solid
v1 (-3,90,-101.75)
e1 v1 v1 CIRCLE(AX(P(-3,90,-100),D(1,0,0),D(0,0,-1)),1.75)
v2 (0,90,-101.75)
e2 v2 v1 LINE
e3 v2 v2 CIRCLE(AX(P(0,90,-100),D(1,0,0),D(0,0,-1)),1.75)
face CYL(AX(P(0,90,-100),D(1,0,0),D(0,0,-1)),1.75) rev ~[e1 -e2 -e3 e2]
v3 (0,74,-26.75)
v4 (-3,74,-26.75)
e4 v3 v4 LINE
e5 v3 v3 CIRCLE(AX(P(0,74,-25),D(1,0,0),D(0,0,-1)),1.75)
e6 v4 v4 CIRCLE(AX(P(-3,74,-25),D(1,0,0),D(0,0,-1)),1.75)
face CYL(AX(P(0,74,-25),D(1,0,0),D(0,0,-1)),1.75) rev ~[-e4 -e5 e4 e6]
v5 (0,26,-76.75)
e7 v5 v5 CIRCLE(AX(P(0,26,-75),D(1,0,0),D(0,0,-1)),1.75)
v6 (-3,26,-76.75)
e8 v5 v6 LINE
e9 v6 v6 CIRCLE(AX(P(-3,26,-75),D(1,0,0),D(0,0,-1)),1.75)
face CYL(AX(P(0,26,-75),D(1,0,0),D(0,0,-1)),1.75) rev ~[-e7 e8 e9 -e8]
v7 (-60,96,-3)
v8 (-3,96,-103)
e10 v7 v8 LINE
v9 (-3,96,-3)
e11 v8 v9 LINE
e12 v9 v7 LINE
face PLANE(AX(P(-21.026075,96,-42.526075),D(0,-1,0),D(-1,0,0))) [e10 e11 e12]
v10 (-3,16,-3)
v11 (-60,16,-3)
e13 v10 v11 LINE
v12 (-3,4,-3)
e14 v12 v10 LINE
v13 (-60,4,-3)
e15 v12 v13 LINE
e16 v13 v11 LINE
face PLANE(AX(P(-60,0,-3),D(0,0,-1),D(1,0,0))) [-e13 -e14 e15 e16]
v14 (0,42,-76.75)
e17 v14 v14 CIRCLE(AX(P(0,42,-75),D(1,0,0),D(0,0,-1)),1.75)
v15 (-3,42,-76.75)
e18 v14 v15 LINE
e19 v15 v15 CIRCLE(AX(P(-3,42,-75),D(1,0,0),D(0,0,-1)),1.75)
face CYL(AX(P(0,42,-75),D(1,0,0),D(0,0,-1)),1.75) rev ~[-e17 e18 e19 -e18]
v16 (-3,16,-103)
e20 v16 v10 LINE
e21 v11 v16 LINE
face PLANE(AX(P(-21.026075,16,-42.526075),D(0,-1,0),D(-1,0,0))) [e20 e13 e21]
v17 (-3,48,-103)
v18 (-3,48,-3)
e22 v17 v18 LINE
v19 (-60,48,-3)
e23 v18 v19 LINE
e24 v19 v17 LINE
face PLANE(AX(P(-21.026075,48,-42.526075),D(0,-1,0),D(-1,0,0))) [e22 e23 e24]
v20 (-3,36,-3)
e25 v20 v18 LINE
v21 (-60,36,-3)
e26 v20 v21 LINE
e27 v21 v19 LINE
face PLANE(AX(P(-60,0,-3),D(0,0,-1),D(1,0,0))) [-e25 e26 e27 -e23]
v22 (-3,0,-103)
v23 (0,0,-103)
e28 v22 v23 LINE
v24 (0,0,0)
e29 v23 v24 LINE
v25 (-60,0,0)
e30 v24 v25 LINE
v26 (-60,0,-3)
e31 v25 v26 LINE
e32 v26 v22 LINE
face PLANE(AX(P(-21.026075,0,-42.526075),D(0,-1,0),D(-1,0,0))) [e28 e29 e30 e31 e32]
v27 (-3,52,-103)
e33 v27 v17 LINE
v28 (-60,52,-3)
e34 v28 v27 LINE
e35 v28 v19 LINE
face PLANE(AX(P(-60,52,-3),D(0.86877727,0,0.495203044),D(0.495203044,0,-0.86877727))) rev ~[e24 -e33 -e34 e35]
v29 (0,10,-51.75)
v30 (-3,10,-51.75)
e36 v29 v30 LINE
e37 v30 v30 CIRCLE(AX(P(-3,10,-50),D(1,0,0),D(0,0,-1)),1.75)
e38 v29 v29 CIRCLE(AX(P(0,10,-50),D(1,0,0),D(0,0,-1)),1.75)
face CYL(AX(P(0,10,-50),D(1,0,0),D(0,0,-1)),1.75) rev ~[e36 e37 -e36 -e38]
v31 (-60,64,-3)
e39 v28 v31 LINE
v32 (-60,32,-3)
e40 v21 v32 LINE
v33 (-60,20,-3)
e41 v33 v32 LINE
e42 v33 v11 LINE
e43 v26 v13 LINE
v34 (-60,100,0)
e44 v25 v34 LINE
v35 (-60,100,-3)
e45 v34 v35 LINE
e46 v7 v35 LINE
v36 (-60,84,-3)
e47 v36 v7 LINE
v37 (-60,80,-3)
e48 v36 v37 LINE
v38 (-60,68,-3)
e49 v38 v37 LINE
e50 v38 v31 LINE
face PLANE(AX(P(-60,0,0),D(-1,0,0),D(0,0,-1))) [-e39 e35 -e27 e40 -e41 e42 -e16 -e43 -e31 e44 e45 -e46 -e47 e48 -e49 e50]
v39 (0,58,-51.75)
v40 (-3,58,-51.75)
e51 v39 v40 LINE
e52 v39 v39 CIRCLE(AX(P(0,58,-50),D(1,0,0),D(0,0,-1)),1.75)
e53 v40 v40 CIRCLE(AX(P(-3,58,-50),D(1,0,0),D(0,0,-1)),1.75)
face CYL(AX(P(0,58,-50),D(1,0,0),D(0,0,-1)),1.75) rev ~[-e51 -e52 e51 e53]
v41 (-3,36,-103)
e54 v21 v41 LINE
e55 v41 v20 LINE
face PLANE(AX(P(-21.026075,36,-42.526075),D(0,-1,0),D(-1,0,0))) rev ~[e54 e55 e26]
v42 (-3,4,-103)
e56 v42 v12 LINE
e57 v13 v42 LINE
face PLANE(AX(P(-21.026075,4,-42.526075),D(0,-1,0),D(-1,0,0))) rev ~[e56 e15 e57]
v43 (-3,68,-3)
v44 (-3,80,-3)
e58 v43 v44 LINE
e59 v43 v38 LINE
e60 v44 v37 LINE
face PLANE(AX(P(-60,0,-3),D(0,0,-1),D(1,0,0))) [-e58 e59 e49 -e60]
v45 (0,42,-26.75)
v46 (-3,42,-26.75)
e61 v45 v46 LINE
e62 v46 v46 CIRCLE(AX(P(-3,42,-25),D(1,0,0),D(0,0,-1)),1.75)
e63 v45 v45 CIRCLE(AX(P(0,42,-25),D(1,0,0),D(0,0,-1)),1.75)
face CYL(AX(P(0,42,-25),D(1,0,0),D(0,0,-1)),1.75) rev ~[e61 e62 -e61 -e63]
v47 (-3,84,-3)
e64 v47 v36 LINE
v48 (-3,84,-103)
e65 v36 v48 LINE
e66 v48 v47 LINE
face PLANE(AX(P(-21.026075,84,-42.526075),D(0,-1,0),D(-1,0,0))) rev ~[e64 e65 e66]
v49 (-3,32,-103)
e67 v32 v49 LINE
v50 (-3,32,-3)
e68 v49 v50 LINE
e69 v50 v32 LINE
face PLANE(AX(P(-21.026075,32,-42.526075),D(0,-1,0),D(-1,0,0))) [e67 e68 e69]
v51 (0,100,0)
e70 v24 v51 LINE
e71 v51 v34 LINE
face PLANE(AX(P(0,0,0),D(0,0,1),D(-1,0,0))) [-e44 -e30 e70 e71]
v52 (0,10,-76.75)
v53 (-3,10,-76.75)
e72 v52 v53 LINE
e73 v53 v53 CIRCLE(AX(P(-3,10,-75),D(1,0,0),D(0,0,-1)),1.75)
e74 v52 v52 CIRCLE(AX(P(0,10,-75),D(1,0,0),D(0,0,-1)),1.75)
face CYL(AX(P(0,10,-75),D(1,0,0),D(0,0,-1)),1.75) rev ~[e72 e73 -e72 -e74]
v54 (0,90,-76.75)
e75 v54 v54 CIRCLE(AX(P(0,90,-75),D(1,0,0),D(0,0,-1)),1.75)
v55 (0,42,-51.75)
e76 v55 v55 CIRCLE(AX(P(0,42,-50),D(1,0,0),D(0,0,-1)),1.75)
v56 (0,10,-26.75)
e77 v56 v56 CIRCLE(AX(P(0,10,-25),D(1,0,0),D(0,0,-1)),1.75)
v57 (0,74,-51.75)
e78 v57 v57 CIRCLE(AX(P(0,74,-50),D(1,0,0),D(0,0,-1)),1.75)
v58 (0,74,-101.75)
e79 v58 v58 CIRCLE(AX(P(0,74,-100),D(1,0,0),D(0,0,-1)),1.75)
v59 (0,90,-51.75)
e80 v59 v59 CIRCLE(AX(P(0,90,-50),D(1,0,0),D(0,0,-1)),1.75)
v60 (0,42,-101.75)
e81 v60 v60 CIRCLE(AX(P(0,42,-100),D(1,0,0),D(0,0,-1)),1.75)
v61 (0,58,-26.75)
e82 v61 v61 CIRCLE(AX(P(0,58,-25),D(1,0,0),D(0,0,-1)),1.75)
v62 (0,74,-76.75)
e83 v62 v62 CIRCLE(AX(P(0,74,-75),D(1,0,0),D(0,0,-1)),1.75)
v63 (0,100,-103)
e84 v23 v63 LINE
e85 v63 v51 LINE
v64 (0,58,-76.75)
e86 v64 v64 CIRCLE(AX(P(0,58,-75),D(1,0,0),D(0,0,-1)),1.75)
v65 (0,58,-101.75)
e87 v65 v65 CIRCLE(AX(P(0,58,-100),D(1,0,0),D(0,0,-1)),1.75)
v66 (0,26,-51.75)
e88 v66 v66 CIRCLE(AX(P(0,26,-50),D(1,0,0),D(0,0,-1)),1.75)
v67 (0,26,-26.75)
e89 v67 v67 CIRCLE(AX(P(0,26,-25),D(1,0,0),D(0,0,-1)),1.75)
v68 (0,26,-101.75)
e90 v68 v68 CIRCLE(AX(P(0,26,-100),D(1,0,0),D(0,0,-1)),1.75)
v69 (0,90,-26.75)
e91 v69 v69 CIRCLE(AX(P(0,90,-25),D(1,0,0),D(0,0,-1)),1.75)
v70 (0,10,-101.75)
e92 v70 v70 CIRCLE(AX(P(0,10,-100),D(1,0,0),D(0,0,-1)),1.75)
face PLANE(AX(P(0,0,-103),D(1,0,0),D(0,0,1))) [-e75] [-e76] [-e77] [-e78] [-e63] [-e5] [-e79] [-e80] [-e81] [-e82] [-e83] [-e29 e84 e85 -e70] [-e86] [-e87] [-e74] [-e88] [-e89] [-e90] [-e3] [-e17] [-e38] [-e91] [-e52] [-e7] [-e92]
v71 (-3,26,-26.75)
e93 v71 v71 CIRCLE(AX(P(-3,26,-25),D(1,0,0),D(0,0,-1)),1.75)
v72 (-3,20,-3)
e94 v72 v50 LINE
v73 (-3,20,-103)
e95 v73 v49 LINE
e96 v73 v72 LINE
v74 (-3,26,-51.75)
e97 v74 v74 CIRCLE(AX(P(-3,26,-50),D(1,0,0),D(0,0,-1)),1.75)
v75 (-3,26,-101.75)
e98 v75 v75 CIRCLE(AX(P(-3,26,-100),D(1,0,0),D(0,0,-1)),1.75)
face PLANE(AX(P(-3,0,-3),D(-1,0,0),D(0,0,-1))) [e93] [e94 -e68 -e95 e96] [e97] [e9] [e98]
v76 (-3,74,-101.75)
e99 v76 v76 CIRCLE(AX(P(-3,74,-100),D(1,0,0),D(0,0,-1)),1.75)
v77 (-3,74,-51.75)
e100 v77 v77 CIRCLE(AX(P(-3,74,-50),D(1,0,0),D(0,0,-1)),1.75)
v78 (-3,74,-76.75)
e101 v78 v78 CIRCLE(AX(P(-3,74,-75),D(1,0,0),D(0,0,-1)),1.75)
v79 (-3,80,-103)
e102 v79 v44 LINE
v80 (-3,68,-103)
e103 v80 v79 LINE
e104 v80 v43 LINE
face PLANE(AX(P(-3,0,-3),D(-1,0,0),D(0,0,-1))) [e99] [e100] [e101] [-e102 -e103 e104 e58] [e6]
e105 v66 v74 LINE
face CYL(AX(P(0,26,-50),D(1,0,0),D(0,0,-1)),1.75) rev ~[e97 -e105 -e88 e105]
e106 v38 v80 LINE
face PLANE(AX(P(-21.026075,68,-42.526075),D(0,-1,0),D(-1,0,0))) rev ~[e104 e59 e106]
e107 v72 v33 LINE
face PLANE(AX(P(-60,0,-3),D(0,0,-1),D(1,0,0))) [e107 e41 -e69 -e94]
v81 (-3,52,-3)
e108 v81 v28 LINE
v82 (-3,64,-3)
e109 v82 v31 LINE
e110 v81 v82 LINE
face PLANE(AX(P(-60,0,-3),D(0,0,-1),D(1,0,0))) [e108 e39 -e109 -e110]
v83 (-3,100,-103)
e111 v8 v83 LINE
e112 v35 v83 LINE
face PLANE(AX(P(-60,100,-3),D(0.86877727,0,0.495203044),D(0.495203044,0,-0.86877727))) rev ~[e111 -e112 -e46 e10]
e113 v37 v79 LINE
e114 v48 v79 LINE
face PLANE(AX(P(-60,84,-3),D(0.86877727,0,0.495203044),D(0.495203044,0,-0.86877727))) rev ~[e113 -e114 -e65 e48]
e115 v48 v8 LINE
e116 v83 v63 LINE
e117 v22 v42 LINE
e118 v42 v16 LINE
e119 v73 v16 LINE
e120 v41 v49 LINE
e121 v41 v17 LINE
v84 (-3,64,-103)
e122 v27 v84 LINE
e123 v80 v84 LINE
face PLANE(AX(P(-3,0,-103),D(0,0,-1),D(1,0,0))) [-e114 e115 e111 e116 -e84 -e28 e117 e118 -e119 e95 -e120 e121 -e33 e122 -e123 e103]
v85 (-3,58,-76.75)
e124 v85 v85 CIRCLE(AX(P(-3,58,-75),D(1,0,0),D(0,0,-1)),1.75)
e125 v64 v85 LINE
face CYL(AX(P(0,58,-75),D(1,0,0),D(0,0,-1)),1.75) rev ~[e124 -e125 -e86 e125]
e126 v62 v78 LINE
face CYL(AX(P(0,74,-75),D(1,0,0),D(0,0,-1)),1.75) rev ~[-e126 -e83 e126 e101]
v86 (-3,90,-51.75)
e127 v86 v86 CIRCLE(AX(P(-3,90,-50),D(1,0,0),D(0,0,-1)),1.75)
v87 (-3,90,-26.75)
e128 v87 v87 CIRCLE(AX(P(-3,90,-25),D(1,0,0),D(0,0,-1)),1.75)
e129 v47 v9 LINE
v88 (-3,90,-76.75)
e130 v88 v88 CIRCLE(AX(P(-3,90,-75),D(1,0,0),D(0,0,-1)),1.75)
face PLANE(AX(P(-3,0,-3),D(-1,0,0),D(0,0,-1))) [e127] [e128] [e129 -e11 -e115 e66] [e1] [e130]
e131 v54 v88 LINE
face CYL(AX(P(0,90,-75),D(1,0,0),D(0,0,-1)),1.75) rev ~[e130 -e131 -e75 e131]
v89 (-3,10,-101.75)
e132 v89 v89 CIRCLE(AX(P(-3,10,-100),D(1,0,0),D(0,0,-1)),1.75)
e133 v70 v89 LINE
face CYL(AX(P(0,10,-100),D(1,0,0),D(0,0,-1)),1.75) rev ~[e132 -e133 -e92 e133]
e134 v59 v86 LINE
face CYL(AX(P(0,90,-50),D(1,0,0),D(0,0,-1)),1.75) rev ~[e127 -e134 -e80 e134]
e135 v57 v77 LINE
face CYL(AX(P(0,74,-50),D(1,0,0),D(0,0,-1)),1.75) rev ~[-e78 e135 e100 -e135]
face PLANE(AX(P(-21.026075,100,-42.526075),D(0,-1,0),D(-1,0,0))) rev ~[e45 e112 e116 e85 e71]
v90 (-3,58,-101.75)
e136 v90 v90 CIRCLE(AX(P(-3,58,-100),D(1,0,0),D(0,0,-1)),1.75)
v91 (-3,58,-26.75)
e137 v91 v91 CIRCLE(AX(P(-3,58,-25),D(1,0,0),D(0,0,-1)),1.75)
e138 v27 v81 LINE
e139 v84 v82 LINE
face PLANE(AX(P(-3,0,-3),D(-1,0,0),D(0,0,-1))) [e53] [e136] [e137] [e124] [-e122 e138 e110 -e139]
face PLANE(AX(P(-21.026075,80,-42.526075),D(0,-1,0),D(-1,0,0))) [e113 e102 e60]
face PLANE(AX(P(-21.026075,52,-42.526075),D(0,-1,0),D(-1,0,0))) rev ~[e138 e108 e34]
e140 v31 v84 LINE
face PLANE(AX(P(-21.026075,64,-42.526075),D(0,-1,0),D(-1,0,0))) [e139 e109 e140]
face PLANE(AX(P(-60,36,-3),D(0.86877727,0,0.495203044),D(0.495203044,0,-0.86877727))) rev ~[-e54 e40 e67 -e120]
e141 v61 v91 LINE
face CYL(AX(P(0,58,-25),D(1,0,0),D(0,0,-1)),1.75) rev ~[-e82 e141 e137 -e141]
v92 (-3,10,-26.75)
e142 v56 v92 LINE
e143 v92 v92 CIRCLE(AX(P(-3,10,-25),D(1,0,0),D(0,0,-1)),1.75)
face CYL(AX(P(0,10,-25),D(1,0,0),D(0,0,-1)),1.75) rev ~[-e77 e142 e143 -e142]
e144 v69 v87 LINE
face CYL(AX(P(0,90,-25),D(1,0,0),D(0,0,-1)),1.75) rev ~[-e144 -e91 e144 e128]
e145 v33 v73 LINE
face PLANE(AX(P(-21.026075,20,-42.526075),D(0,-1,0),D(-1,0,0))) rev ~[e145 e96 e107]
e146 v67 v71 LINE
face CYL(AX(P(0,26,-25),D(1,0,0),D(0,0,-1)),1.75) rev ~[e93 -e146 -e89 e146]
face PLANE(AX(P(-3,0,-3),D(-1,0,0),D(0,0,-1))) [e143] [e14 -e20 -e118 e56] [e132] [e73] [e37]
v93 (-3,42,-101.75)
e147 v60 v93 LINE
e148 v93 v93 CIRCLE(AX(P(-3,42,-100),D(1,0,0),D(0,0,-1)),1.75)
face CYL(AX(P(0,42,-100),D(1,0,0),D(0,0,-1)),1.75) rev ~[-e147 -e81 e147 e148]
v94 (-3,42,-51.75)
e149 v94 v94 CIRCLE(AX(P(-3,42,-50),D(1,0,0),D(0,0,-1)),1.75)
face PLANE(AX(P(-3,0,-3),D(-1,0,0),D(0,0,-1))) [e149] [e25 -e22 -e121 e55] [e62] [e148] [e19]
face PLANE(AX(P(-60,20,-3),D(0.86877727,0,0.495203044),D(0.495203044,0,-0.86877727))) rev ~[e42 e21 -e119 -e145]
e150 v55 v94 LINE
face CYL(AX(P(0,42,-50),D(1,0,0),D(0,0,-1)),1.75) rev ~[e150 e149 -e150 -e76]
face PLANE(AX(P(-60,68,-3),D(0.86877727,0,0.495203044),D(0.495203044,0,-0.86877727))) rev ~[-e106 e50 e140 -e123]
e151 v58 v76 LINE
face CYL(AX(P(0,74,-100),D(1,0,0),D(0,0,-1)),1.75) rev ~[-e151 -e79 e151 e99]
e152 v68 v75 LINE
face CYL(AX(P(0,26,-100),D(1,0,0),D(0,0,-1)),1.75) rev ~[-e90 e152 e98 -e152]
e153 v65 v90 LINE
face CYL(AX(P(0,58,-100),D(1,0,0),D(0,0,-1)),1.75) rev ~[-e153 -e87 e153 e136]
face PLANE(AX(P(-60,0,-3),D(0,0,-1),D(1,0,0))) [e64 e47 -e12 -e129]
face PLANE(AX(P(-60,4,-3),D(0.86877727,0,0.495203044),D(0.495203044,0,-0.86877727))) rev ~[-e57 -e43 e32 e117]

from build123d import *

# Parameters (mm, degrees)
BOSS_EXTRUDE1_DEPTH = 100
BOSS_EXTRUDE2_DEPTH = 4
LPATTERN1_COUNT     = 7
LPATTERN1_PITCH     = 16
SKETCH3_R           = 1.75
CUT_EXTRUDE1_DEPTH  = 10


with BuildPart() as part:
    # Sketch1 → Boss-Extrude1 (new body)
    with BuildSketch(Plane(origin=(0, 0, 0), x_dir=(1, 0, 0), z_dir=(0, 1, 0))):
        Polygon((0, 0), (-60, 0), (-60, 3), (-3, 3), (-3, 103), (0, 103), align=None)
    extrude(amount=BOSS_EXTRUDE1_DEPTH)

    # Sketch2 → Boss-Extrude2 (add)
    with BuildSketch(Plane(origin=(0, 100, 0), x_dir=(1, 0, 0), z_dir=(0, 1, 0))):
        Polygon((-60, 3), (-3, 103), (-3, 3), align=None)
    boss_extrude2 = extrude(amount=-BOSS_EXTRUDE2_DEPTH)

    # LPattern1: Boss-Extrude2 ×7
    with Locations(*[(0, -i * LPATTERN1_PITCH, 0) for i in range(1, LPATTERN1_COUNT)]):
        add(boss_extrude2)

    # Sketch3 → Cut-Extrude1 (cut)
    with BuildSketch(Plane(origin=(0, 0, 0), x_dir=(0, 0, -1), z_dir=(1, 0, 0))):
        with Locations((25, 10)):
            Circle(SKETCH3_R)
        with Locations((50, 10)):
            Circle(SKETCH3_R)
        with Locations((75, 10)):
            Circle(SKETCH3_R)
        with Locations((100, 10)):
            Circle(SKETCH3_R)
        with Locations((50, 26)):
            Circle(SKETCH3_R)
        with Locations((75, 26)):
            Circle(SKETCH3_R)
        with Locations((100, 26)):
            Circle(SKETCH3_R)
        with Locations((50, 42)):
            Circle(SKETCH3_R)
        with Locations((75, 42)):
            Circle(SKETCH3_R)
        with Locations((100, 42)):
            Circle(SKETCH3_R)
        with Locations((50, 58)):
            Circle(SKETCH3_R)
        with Locations((75, 58)):
            Circle(SKETCH3_R)
        with Locations((100, 58)):
            Circle(SKETCH3_R)
        with Locations((50, 74)):
            Circle(SKETCH3_R)
        with Locations((75, 74)):
            Circle(SKETCH3_R)
        with Locations((100, 74)):
            Circle(SKETCH3_R)
        with Locations((50, 90)):
            Circle(SKETCH3_R)
        with Locations((75, 90)):
            Circle(SKETCH3_R)
        with Locations((100, 90)):
            Circle(SKETCH3_R)
        with Locations((25, 26)):
            Circle(SKETCH3_R)
        with Locations((25, 42)):
            Circle(SKETCH3_R)
        with Locations((25, 58)):
            Circle(SKETCH3_R)
        with Locations((25, 74)):
            Circle(SKETCH3_R)
        with Locations((25, 90)):
            Circle(SKETCH3_R)
    extrude(amount=-CUT_EXTRUDE1_DEPTH, mode=Mode.SUBTRACT)


solid = part.part
